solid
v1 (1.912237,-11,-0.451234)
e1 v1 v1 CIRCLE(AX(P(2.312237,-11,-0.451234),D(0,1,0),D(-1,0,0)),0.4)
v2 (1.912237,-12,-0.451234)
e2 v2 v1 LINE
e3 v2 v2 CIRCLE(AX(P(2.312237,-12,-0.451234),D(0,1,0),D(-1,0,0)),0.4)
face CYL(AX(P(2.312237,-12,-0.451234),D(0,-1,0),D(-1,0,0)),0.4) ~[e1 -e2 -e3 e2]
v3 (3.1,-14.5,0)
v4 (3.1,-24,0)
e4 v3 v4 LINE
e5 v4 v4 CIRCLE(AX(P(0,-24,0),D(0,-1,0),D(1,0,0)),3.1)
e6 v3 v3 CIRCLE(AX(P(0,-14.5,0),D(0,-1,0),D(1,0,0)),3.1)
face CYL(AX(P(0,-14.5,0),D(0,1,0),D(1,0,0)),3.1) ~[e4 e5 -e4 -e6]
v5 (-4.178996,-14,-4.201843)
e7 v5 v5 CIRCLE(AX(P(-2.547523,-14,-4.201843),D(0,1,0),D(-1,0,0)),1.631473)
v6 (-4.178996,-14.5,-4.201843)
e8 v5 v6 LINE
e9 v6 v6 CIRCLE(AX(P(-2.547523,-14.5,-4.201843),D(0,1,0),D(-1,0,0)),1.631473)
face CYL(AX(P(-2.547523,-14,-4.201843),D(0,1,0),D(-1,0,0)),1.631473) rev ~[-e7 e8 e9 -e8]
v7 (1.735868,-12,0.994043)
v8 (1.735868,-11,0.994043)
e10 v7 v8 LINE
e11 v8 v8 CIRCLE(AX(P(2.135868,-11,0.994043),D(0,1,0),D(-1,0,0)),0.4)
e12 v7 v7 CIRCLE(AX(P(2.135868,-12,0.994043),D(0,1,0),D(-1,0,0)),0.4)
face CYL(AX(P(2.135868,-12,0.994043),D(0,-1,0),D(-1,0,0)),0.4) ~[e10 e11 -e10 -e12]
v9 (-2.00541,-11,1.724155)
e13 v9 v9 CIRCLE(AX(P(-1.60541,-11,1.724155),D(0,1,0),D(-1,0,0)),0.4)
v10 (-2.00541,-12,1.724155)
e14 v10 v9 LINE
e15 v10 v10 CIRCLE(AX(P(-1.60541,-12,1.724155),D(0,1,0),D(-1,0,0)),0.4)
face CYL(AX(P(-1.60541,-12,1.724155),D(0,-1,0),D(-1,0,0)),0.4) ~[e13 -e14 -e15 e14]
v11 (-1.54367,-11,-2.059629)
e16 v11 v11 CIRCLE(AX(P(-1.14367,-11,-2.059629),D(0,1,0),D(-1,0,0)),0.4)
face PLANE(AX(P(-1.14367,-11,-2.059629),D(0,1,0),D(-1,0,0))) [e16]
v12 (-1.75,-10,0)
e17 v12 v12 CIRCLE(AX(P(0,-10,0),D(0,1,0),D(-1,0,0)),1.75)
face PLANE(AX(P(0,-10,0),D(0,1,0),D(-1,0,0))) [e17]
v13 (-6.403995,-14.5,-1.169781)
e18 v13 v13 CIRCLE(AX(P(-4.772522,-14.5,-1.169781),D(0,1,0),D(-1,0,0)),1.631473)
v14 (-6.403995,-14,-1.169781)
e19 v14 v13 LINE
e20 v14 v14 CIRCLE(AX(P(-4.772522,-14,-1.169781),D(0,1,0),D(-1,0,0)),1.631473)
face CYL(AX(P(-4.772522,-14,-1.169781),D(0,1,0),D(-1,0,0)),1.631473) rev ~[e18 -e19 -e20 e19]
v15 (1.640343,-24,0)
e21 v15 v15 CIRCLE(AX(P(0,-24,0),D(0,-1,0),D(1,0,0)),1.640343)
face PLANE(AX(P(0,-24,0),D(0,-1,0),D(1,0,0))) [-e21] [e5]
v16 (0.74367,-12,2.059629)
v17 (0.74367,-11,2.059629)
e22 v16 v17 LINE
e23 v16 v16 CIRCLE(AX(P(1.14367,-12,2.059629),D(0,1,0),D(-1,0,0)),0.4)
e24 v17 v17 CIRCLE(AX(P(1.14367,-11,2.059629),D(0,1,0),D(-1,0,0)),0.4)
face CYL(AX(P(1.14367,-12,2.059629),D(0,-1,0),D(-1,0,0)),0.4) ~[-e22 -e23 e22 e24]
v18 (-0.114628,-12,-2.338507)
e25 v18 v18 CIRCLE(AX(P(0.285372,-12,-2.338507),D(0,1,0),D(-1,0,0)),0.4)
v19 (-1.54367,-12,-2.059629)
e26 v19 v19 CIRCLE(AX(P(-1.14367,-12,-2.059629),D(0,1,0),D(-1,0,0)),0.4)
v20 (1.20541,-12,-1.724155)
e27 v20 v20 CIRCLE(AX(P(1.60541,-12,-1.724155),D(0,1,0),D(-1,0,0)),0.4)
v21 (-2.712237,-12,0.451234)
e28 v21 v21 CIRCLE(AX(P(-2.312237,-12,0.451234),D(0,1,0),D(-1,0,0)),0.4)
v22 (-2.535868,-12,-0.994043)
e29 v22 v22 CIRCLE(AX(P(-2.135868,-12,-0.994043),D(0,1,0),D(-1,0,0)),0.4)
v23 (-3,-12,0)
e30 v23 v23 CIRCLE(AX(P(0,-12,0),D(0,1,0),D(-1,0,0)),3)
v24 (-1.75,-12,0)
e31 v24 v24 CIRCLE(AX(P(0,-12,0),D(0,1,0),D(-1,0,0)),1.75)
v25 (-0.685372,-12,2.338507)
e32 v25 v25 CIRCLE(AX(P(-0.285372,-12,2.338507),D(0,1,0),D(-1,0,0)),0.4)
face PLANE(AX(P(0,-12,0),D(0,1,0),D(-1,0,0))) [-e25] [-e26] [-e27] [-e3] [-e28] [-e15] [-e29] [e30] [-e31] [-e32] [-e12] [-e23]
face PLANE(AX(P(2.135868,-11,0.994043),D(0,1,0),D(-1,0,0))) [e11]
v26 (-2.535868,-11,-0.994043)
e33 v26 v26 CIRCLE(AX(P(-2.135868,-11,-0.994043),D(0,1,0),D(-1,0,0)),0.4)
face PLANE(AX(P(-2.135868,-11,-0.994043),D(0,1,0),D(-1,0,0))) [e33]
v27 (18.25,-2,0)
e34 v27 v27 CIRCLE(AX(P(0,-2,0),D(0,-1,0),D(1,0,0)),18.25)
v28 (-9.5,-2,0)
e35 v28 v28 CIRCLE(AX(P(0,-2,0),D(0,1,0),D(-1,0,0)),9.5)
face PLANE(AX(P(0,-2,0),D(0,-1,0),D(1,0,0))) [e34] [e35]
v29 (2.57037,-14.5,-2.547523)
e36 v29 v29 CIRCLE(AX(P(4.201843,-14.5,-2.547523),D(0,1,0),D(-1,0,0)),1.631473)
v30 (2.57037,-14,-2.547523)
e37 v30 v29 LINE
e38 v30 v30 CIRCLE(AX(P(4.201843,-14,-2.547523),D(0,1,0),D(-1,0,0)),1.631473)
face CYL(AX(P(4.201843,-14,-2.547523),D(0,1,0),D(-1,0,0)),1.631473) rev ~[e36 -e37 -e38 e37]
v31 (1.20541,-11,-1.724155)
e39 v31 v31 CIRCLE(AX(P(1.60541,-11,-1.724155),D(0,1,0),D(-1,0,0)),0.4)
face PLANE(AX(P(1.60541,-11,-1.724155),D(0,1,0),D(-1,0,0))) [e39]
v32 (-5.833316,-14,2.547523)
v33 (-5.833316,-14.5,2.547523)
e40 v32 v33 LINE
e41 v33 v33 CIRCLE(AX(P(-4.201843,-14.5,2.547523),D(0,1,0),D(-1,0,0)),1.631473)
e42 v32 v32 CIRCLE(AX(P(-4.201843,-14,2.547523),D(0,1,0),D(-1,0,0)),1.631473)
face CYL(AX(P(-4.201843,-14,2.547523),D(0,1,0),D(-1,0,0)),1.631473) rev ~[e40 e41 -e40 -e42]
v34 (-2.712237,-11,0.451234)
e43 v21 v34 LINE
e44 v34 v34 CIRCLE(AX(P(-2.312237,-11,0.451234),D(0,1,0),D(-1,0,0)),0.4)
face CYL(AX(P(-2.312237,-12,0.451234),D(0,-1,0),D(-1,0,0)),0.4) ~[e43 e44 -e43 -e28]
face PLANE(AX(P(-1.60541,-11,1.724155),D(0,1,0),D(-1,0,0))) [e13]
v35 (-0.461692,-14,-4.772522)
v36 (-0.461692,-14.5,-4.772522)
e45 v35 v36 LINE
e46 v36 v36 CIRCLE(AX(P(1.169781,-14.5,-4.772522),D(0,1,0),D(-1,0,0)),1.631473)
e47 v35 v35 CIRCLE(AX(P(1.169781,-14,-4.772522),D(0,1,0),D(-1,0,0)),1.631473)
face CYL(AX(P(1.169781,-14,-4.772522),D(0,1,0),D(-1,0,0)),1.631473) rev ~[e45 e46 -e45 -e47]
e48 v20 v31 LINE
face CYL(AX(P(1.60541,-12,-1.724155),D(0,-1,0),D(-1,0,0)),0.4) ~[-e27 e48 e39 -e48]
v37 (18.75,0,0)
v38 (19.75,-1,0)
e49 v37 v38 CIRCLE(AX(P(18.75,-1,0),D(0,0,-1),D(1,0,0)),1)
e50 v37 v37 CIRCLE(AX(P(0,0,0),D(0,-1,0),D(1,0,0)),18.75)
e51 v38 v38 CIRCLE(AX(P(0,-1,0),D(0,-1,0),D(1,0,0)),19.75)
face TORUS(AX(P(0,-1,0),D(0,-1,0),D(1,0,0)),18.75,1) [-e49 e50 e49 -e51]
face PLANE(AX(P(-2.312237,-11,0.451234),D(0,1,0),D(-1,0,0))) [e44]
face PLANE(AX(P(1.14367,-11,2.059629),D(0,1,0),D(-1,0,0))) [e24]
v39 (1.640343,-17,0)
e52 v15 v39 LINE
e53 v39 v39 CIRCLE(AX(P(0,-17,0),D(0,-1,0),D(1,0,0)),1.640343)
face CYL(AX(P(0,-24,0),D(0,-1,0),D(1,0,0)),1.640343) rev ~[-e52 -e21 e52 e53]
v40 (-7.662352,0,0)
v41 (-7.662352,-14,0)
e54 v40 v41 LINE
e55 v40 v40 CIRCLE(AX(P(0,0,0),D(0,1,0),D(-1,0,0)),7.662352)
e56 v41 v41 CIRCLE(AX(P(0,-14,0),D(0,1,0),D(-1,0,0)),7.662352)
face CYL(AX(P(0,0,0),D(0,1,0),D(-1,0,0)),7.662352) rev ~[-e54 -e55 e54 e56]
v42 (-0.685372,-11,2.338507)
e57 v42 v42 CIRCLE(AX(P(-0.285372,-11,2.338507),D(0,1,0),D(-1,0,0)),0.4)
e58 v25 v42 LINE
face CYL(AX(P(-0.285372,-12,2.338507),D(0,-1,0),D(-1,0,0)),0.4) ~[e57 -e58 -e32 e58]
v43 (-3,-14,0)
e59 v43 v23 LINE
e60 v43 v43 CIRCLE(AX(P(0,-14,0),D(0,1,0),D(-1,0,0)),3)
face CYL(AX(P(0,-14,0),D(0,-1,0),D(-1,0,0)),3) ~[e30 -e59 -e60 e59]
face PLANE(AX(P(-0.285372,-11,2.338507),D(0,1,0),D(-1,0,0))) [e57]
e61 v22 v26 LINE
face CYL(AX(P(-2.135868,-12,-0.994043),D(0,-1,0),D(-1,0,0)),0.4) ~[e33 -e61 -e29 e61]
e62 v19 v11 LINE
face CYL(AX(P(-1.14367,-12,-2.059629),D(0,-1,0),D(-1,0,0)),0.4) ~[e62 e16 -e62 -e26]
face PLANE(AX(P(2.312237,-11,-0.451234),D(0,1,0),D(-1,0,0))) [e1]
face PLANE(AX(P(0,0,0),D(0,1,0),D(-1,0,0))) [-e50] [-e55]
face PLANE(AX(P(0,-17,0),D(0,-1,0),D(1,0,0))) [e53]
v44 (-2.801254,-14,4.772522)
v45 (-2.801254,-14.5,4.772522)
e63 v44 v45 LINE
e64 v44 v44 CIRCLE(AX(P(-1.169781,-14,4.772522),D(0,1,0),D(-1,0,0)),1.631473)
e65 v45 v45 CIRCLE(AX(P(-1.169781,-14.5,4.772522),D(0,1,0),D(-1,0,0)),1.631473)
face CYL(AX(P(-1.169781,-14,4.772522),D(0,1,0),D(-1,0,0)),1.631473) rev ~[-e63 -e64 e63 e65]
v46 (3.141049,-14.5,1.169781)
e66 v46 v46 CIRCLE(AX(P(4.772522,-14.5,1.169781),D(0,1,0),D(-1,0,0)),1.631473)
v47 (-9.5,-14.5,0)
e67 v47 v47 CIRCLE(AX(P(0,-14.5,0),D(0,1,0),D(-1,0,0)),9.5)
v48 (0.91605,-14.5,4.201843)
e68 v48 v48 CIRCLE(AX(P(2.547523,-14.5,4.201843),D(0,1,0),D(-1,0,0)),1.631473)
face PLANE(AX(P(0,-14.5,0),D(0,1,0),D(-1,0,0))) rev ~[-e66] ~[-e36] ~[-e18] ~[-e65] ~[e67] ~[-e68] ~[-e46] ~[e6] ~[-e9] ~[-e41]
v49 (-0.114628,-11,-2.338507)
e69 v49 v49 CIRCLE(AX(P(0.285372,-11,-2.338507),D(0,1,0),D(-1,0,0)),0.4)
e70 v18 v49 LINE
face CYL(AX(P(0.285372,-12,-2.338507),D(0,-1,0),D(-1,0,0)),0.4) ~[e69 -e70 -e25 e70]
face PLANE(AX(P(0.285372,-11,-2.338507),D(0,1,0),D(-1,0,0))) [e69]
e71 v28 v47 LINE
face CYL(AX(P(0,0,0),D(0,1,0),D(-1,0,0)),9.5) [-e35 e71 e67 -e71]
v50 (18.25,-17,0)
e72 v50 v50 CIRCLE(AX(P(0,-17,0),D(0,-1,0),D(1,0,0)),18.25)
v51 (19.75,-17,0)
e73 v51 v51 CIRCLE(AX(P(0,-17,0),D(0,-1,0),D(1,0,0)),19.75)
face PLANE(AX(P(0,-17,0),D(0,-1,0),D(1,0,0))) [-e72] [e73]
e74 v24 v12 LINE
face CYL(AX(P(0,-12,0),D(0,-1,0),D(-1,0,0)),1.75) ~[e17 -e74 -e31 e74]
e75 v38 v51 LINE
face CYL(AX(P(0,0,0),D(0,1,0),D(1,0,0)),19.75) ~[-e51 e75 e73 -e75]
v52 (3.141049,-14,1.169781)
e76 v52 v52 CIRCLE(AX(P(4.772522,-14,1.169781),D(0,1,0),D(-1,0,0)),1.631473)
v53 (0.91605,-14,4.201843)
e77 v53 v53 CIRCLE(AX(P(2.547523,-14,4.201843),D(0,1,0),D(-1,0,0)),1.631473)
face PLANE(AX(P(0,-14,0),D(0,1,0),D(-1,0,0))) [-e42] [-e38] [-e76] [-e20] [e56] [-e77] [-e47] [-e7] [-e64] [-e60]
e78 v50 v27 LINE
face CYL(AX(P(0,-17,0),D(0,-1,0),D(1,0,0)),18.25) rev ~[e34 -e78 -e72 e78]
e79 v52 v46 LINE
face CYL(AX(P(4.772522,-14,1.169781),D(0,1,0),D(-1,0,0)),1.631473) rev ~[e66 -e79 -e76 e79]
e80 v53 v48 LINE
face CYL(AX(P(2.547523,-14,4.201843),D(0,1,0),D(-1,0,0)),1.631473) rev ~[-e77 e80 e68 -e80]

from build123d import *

# Parameters (mm, degrees)
F0_R      = 19.75
F1_DEPTH  = 17
F2_R      = 18.25
F3_DEPTH  = 15
F4_R      = 9.5
F5_DEPTH  = 14.5
F6_R      = 7.662352
F7_DEPTH  = 14
F8_R      = 3.1
F9_DEPTH  = 9.5
F10_R     = 1.640343
F11_DEPTH = 7
F12_R     = 1.631473
F13_DEPTH = 25.4
F14_R     = 3
F15_DEPTH = 2
F16_R     = 1.75
F17_DEPTH = 2
F18_R     = 0.4
F19_DEPTH = 1
F20_R     = 1


with BuildPart() as f1:
    # F0 (on Front) → F1 (new body)
    with BuildSketch(Plane.XZ):
        Circle(F0_R)
    extrude(amount=F1_DEPTH)

    # F2 (on face) → F3 (cut)
    with BuildSketch(Plane.XZ.offset(17)):
        Circle(F2_R)
    extrude(amount=-F3_DEPTH, mode=Mode.SUBTRACT)

    # F4 (on face) → F5 (join)
    with BuildSketch(Plane(origin=(0, 0, 0), x_dir=(-1, 0, 0), z_dir=(0, 1, 0))):
        Circle(F4_R)
    extrude(amount=-F5_DEPTH)

    # F6 (on face) → F7 (cut)
    with BuildSketch(Plane(origin=(0, 0, 0), x_dir=(-1, 0, 0), z_dir=(0, 1, 0))):
        Circle(F6_R)
    extrude(amount=-F7_DEPTH, mode=Mode.SUBTRACT)

    # F8 (on face) → F9 (join)
    with BuildSketch(Plane.XZ.offset(14.5)):
        Circle(F8_R)
    extrude(amount=F9_DEPTH)

    # F10 (on face) → F11 (cut)
    with BuildSketch(Plane.XZ.offset(24)):
        Circle(F10_R)
    extrude(amount=-F11_DEPTH, mode=Mode.SUBTRACT)

    # F12 (on face) → F13 (cut)
    with BuildSketch(Plane(origin=(0, -14, 0), x_dir=(-1, 0, 0), z_dir=(0, 1, 0))):
        with Locations((-2.547523, 4.201843)):
            Circle(F12_R)
        with Locations((1.169781, 4.772522)):
            Circle(F12_R)
        with Locations((4.201843, 2.547523)):
            Circle(F12_R)
        with Locations((4.772522, -1.169781)):
            Circle(F12_R)
        with Locations((2.547523, -4.201843)):
            Circle(F12_R)
        with Locations((-1.169781, -4.772522)):
            Circle(F12_R)
        with Locations((-4.201843, -2.547523)):
            Circle(F12_R)
        with Locations((-4.772522, 1.169781)):
            Circle(F12_R)
    extrude(amount=-F13_DEPTH, mode=Mode.SUBTRACT)

    # F14 (on face) → F15 (join)
    with BuildSketch(Plane(origin=(0, -14, 0), x_dir=(-1, 0, 0), z_dir=(0, 1, 0))):
        Circle(F14_R)
    extrude(amount=F15_DEPTH)

    # F16 (on face) → F17 (join)
    with BuildSketch(Plane(origin=(0, -12, 0), x_dir=(-1, 0, 0), z_dir=(0, 1, 0))):
        Circle(F16_R)
    extrude(amount=F17_DEPTH)

    # F18 (on face) → F19 (join)
    with BuildSketch(Plane(origin=(0, -12, 0), x_dir=(-1, 0, 0), z_dir=(0, 1, 0))):
        with Locations((0.285372, 2.338507)):
            Circle(F18_R)
        with Locations((1.60541, 1.724155)):
            Circle(F18_R)
        with Locations((2.312237, 0.451234)):
            Circle(F18_R)
        with Locations((2.135868, -0.994043)):
            Circle(F18_R)
        with Locations((1.14367, -2.059629)):
            Circle(F18_R)
        with Locations((-0.285372, -2.338507)):
            Circle(F18_R)
        with Locations((-2.312237, -0.451234)):
            Circle(F18_R)
        with Locations((-1.14367, 2.059629)):
            Circle(F18_R)
        with Locations((-2.135868, 0.994043)):
            Circle(F18_R)
        with Locations((-1.60541, -1.724155)):
            Circle(F18_R)
    extrude(amount=F19_DEPTH)

    # F20
    f20_edges = [f1.edges().sort_by_distance(p)[0] for p in [
        (-19.75, 0, 0),
    ]]
    fillet(f20_edges, radius=F20_R)


solid = f1.part
